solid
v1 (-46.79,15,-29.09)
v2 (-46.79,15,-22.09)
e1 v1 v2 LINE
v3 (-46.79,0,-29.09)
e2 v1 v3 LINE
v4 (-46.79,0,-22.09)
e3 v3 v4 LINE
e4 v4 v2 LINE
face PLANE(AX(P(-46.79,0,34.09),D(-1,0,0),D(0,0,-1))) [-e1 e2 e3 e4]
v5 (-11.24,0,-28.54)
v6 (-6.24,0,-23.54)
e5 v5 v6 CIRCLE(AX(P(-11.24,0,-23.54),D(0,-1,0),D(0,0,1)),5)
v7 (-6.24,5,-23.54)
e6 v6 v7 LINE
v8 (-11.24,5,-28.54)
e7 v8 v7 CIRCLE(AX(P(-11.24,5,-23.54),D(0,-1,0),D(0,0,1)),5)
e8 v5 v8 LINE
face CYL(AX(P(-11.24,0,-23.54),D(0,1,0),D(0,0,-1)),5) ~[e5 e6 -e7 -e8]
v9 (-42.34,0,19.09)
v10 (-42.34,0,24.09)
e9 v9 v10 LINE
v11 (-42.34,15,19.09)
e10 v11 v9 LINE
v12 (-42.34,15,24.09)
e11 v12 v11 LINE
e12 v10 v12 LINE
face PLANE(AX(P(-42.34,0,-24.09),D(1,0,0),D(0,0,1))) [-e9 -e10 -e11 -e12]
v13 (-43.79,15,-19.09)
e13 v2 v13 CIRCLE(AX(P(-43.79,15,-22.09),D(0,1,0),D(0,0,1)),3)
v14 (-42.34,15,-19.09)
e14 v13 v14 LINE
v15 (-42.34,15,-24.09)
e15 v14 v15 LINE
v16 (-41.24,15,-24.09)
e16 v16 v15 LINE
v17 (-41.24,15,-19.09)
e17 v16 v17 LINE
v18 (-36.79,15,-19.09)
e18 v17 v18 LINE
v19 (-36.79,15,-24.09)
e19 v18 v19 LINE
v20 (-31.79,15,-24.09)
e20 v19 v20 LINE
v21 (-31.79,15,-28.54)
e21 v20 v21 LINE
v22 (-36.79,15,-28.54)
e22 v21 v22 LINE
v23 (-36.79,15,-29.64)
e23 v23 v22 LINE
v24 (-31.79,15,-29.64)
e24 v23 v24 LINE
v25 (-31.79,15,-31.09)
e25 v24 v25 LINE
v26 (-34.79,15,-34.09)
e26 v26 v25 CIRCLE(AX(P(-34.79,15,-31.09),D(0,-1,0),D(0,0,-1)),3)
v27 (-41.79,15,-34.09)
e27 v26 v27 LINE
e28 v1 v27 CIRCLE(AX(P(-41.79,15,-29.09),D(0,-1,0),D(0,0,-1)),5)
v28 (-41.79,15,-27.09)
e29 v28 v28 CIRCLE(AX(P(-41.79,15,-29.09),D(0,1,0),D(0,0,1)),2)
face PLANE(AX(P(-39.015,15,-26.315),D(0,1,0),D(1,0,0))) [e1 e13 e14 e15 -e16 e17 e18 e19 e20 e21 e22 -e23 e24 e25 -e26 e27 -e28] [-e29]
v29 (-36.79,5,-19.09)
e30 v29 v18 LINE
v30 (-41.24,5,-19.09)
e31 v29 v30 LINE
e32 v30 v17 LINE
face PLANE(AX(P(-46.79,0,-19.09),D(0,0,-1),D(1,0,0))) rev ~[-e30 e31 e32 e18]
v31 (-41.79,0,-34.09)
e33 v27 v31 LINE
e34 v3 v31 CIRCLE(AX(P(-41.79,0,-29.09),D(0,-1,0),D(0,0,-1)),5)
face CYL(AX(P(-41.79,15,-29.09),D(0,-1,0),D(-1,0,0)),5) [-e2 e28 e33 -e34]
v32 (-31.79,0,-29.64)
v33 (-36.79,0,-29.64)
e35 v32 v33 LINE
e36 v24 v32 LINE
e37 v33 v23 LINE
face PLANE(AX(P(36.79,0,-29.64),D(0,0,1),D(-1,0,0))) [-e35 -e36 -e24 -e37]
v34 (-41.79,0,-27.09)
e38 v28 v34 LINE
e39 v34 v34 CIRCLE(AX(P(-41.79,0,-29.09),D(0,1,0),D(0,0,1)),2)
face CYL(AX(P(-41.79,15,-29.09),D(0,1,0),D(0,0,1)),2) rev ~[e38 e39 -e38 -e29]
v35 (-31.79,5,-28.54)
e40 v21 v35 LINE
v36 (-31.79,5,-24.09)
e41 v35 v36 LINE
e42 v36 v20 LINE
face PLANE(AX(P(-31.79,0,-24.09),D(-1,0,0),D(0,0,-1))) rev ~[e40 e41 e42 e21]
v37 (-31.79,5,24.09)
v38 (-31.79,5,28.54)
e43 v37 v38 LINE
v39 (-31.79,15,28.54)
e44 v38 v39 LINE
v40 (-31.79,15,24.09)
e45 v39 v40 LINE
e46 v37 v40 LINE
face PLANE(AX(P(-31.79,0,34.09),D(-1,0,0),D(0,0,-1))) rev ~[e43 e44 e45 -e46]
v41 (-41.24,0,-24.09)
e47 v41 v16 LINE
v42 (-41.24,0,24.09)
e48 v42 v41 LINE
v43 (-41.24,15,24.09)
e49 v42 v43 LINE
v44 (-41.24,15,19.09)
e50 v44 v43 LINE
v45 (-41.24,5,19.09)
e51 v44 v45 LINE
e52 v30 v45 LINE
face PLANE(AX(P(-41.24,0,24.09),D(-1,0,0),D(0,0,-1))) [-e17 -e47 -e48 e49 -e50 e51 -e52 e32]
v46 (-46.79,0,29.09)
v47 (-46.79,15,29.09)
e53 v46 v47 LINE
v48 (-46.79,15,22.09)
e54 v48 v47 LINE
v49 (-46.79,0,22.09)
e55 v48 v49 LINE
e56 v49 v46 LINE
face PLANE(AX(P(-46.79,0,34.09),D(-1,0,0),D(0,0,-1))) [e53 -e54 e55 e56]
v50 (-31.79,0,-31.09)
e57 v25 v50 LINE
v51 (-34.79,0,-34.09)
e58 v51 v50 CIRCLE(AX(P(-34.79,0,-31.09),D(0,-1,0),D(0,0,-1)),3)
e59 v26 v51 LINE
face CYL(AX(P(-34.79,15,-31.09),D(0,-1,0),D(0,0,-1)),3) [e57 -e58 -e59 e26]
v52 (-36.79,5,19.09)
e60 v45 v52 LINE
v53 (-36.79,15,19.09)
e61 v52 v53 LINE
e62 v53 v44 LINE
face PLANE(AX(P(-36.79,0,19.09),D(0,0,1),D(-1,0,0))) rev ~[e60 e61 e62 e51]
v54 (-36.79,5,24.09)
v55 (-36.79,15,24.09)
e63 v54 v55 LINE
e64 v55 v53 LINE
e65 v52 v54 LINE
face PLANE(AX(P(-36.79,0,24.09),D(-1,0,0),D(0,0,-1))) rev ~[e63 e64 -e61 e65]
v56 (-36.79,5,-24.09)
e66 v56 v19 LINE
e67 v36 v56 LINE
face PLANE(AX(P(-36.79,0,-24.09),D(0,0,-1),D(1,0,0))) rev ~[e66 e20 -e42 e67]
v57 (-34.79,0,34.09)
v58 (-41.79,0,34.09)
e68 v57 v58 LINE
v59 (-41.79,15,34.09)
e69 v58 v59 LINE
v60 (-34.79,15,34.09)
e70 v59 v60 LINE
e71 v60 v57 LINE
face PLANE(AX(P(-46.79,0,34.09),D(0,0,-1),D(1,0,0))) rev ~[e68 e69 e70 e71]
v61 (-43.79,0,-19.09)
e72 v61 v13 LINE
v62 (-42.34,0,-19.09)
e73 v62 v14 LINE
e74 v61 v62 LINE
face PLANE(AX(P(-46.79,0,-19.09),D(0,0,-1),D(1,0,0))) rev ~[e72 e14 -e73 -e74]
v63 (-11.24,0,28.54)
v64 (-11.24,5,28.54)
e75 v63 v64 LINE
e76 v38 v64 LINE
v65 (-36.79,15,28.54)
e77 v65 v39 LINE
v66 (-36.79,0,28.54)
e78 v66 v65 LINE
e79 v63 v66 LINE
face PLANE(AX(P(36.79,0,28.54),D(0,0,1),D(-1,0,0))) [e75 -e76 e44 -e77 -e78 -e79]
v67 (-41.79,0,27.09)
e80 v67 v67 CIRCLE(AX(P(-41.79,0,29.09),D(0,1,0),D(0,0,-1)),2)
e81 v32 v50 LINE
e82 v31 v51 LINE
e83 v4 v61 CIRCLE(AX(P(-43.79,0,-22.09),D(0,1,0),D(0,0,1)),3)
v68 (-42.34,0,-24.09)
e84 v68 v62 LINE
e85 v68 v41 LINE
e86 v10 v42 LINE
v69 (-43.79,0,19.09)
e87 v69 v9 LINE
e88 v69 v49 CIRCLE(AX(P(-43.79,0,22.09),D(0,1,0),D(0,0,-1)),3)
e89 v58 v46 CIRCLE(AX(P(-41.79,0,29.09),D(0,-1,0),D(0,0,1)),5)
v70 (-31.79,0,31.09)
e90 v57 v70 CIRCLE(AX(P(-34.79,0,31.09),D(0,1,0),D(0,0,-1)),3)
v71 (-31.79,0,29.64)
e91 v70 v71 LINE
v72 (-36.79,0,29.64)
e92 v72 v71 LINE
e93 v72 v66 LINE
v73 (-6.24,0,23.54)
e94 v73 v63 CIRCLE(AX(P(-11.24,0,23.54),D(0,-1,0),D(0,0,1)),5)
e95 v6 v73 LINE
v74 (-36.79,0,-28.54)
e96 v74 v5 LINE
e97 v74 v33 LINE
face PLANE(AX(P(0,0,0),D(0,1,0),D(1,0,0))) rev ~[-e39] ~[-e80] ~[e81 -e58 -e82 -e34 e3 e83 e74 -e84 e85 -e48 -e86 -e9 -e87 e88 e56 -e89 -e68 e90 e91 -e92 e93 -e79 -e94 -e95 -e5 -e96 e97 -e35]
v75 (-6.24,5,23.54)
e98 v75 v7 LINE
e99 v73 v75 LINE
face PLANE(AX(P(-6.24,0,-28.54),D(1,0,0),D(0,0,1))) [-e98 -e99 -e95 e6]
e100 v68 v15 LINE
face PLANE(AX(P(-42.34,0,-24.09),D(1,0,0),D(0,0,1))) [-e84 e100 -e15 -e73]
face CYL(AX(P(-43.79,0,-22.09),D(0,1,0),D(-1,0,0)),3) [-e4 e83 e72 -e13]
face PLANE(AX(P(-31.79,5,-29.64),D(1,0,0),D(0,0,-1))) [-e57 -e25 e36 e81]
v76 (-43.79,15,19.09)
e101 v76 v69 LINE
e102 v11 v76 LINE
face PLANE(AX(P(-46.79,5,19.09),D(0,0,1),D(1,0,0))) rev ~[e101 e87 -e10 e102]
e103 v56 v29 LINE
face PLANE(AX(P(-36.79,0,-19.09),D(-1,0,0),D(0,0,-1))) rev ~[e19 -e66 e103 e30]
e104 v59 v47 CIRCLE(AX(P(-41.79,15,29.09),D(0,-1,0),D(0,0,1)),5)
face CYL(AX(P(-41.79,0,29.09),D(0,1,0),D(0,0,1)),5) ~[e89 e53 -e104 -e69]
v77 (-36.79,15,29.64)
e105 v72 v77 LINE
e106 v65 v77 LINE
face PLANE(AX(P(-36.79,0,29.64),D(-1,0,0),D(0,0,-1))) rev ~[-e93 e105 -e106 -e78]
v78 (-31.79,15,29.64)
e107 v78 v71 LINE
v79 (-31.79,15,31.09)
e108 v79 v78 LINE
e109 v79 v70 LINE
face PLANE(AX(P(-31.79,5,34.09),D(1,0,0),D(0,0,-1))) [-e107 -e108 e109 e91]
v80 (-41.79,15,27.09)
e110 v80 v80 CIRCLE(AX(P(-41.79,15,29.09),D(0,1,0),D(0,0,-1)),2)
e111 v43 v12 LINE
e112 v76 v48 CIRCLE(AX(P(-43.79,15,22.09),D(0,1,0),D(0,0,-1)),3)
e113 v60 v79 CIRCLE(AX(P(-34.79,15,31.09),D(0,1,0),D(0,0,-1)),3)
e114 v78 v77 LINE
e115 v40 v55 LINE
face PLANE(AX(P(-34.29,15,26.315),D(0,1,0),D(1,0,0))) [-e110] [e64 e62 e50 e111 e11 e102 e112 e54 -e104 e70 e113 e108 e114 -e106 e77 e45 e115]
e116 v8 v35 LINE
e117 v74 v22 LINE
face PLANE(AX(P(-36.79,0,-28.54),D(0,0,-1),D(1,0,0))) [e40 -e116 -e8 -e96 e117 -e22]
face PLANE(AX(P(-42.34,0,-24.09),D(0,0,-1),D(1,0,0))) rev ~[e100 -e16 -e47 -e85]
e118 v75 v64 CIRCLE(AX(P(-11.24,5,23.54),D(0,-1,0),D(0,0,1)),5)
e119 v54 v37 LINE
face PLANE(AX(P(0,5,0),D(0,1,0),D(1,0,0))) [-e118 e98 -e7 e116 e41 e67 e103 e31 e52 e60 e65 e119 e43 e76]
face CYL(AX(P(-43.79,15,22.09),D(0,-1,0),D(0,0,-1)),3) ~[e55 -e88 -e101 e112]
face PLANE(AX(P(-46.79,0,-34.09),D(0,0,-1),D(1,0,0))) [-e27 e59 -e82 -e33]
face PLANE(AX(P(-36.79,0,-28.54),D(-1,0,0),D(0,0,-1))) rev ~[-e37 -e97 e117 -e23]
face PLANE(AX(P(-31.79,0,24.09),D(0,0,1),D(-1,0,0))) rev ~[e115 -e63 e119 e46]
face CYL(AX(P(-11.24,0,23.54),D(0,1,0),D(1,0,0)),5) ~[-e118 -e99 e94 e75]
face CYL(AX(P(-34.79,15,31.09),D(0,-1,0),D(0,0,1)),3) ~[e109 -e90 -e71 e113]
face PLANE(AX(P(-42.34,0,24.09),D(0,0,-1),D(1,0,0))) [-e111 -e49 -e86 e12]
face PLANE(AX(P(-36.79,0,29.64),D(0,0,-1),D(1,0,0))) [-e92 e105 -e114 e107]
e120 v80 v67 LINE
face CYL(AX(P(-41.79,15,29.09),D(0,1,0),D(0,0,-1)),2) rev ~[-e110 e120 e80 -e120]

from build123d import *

# Parameters (mm, degrees)
SKETCH2_W          = 93.58
SKETCH2_H          = 68.18
BASE_DEPTH         = 5
SKETCH2_7_W        = 4.45
SKETCH2_7_H        = 4.45
SKETCH2_7_H_2      = 5
SKETCH2_7_W_2      = 5
SKETCH2_7_H_3      = 1.1
SKETCH2_7_W_3      = 1.1
WALLS_DEPTH        = 15
SKETCH2_10_W       = 1.1
SKETCH2_10_H       = 5
SKETCH2_10_H_2     = 38.18
SKETCH2_10_W_2     = 5
SKETCH2_10_H_3     = 1.1
SKETCH2_10_W_3     = 63.58
ACRYLIC_CUT_DEPTH  = 60.803279174
SKETCH4_W          = 63.58
SKETCH4_H          = 4.45
SKETCH4_W_2        = 4.45
SKETCH4_H_2        = 38.18
CUT_EXTRUDE2_DEPTH = 5
SKETCH5_R          = 2.25
SCREW_HOLES_DEPTH  = 5
FILLET1_R          = 5
FILLET2_R          = 3
SKETCH8_R          = 2
CUT_EXTRUDE3_DEPTH = 15
SKETCH7_W          = 13.03
SKETCH7_H          = 57.08
SKETCH7_W_2        = 40
SKETCH7_H_2        = 68.18
TOP_CUT_DEPTH      = 60.803279174
FILLET4_R          = 5


with BuildPart() as part:
    # Sketch2 → Base (new body)
    with BuildSketch(Plane(origin=(0, 0, 0), x_dir=(1, 0, 0), z_dir=(0, 1, 0))):
        Rectangle(SKETCH2_W, SKETCH2_H)
    extrude(amount=BASE_DEPTH)

    # Sketch2<7> → Walls (add)
    with BuildSketch(Plane(origin=(0, 0, 0), x_dir=(1, 0, 0), z_dir=(0, 1, 0))):
        with Locations((-39.015, 26.315)):
            Rectangle(SKETCH2_7_W, SKETCH2_7_H)
        with Locations((-39.015, 21.59)):
            Rectangle(SKETCH2_7_W, SKETCH2_7_H_2)
        with Locations((-44.565, 21.59)):
            Rectangle(SKETCH2_7_W, SKETCH2_7_H_2)
        with Locations((-44.565, 26.315)):
            Rectangle(SKETCH2_7_W, SKETCH2_7_H)
        with Locations((-44.565, 31.865)):
            Rectangle(SKETCH2_7_W, SKETCH2_7_H)
        with Locations((-39.015, 31.865)):
            Rectangle(SKETCH2_7_W, SKETCH2_7_H)
        with Locations((-34.29, 31.865)):
            Rectangle(SKETCH2_7_W_2, SKETCH2_7_H)
        with Locations((-34.29, 26.315)):
            Rectangle(SKETCH2_7_W_2, SKETCH2_7_H)
        with Locations((-34.29, 29.09)):
            Rectangle(SKETCH2_7_W_2, SKETCH2_7_H_3)
        with Locations((-39.015, 29.09)):
            Rectangle(SKETCH2_7_W, SKETCH2_7_H_3)
        with Locations((-44.565, 29.09)):
            Rectangle(SKETCH2_7_W, SKETCH2_7_H_3)
        with Locations((-41.79, 31.865)):
            Rectangle(SKETCH2_7_W_3, SKETCH2_7_H)
        with Locations((-41.79, 26.315)):
            Rectangle(SKETCH2_7_W_3, SKETCH2_7_H)
        with Locations((-41.79, 29.09)):
            Rectangle(SKETCH2_7_W_3, SKETCH2_7_H_3)
        with Locations((-41.79, 21.59)):
            Rectangle(SKETCH2_7_W_3, SKETCH2_7_H_2)
        with Locations((-34.29, -26.315)):
            Rectangle(SKETCH2_7_W_2, SKETCH2_7_H)
        with Locations((-34.29, -31.865)):
            Rectangle(SKETCH2_7_W_2, SKETCH2_7_H)
        with Locations((-39.015, -31.865)):
            Rectangle(SKETCH2_7_W, SKETCH2_7_H)
        with Locations((-39.015, -26.315)):
            Rectangle(SKETCH2_7_W, SKETCH2_7_H)
        with Locations((-44.565, -26.315)):
            Rectangle(SKETCH2_7_W, SKETCH2_7_H)
        with Locations((-44.565, -31.865)):
            Rectangle(SKETCH2_7_W, SKETCH2_7_H)
        with Locations((-44.565, -29.09)):
            Rectangle(SKETCH2_7_W, SKETCH2_7_H_3)
        with Locations((-41.79, -31.865)):
            Rectangle(SKETCH2_7_W_3, SKETCH2_7_H)
        with Locations((-41.79, -29.09)):
            Rectangle(SKETCH2_7_W_3, SKETCH2_7_H_3)
        with Locations((-41.79, -26.315)):
            Rectangle(SKETCH2_7_W_3, SKETCH2_7_H)
        with Locations((-44.565, -21.59)):
            Rectangle(SKETCH2_7_W, SKETCH2_7_H_2)
        with Locations((-39.015, -21.59)):
            Rectangle(SKETCH2_7_W, SKETCH2_7_H_2)
        with Locations((-41.79, -21.59)):
            Rectangle(SKETCH2_7_W_3, SKETCH2_7_H_2)
        with Locations((-39.015, -29.09)):
            Rectangle(SKETCH2_7_W, SKETCH2_7_H_3)
        with Locations((-34.29, -29.09)):
            Rectangle(SKETCH2_7_W_2, SKETCH2_7_H_3)
        with Locations((39.015, -21.59)):
            Rectangle(SKETCH2_7_W, SKETCH2_7_H_2)
        with Locations((44.565, -21.59)):
            Rectangle(SKETCH2_7_W, SKETCH2_7_H_2)
        with Locations((44.565, -26.315)):
            Rectangle(SKETCH2_7_W, SKETCH2_7_H)
        with Locations((39.015, -26.315)):
            Rectangle(SKETCH2_7_W, SKETCH2_7_H)
        with Locations((34.29, -31.865)):
            Rectangle(SKETCH2_7_W_2, SKETCH2_7_H)
        with Locations((39.015, -31.865)):
            Rectangle(SKETCH2_7_W, SKETCH2_7_H)
        with Locations((44.565, -31.865)):
            Rectangle(SKETCH2_7_W, SKETCH2_7_H)
        with Locations((41.79, -31.865)):
            Rectangle(SKETCH2_7_W_3, SKETCH2_7_H)
        with Locations((44.565, -29.09)):
            Rectangle(SKETCH2_7_W, SKETCH2_7_H_3)
        with Locations((41.79, -26.315)):
            Rectangle(SKETCH2_7_W_3, SKETCH2_7_H)
        with Locations((41.79, -21.59)):
            Rectangle(SKETCH2_7_W_3, SKETCH2_7_H_2)
        with Locations((34.29, -26.315)):
            Rectangle(SKETCH2_7_W_2, SKETCH2_7_H)
        with Locations((34.29, -29.09)):
            Rectangle(SKETCH2_7_W_2, SKETCH2_7_H_3)
        with Locations((39.015, -29.09)):
            Rectangle(SKETCH2_7_W, SKETCH2_7_H_3)
        with Locations((41.79, -29.09)):
            Rectangle(SKETCH2_7_W_3, SKETCH2_7_H_3)
        with Locations((34.29, 26.315)):
            Rectangle(SKETCH2_7_W_2, SKETCH2_7_H)
        with Locations((34.29, 31.865)):
            Rectangle(SKETCH2_7_W_2, SKETCH2_7_H)
        with Locations((39.015, 31.865)):
            Rectangle(SKETCH2_7_W, SKETCH2_7_H)
        with Locations((39.015, 26.315)):
            Rectangle(SKETCH2_7_W, SKETCH2_7_H)
        with Locations((44.565, 26.315)):
            Rectangle(SKETCH2_7_W, SKETCH2_7_H)
        with Locations((44.565, 31.865)):
            Rectangle(SKETCH2_7_W, SKETCH2_7_H)
        with Locations((44.565, 21.59)):
            Rectangle(SKETCH2_7_W, SKETCH2_7_H_2)
        with Locations((39.015, 21.59)):
            Rectangle(SKETCH2_7_W, SKETCH2_7_H_2)
        with Locations((41.79, 21.59)):
            Rectangle(SKETCH2_7_W_3, SKETCH2_7_H_2)
        with Locations((41.79, 26.315)):
            Rectangle(SKETCH2_7_W_3, SKETCH2_7_H)
        with Locations((41.79, 31.865)):
            Rectangle(SKETCH2_7_W_3, SKETCH2_7_H)
        with Locations((44.565, 29.09)):
            Rectangle(SKETCH2_7_W, SKETCH2_7_H_3)
        with Locations((41.79, 29.09)):
            Rectangle(SKETCH2_7_W_3, SKETCH2_7_H_3)
        with Locations((39.015, 29.09)):
            Rectangle(SKETCH2_7_W, SKETCH2_7_H_3)
        with Locations((34.29, 29.09)):
            Rectangle(SKETCH2_7_W_2, SKETCH2_7_H_3)
    extrude(amount=WALLS_DEPTH)

    # Sketch2<10> → Acrylic Cut (cut, through all)
    with BuildSketch(Plane(origin=(0, 0, 0), x_dir=(1, 0, 0), z_dir=(0, 1, 0))):
        with Locations((41.79, -21.59)):
            Rectangle(SKETCH2_10_W, SKETCH2_10_H)
        with Locations((41.79, 0)):
            Rectangle(SKETCH2_10_W, SKETCH2_10_H_2)
        with Locations((34.29, -29.09)):
            Rectangle(SKETCH2_10_W_2, SKETCH2_10_H_3)
        with Locations((0, -29.09)):
            Rectangle(SKETCH2_10_W_3, SKETCH2_10_H_3)
        with Locations((41.79, 21.59)):
            Rectangle(SKETCH2_10_W, SKETCH2_10_H)
        with Locations((34.29, 29.09)):
            Rectangle(SKETCH2_10_W_2, SKETCH2_10_H_3)
        with Locations((0, 29.09)):
            Rectangle(SKETCH2_10_W_3, SKETCH2_10_H_3)
        with Locations((-34.29, 29.09)):
            Rectangle(SKETCH2_10_W_2, SKETCH2_10_H_3)
        with Locations((-41.79, 21.59)):
            Rectangle(SKETCH2_10_W, SKETCH2_10_H)
        with Locations((-41.79, 0)):
            Rectangle(SKETCH2_10_W, SKETCH2_10_H_2)
        with Locations((-41.79, -21.59)):
            Rectangle(SKETCH2_10_W, SKETCH2_10_H)
        with Locations((-34.29, -29.09)):
            Rectangle(SKETCH2_10_W_2, SKETCH2_10_H_3)
    extrude(amount=ACRYLIC_CUT_DEPTH, mode=Mode.SUBTRACT)

    # Sketch4 → Cut-Extrude2 (cut)
    with BuildSketch(Plane(origin=(0, 5, 0), x_dir=(1, 0, 0), z_dir=(0, 1, 0))):
        with Locations((0, -31.865)):
            Rectangle(SKETCH4_W, SKETCH4_H)
        with Locations((44.565, 0)):
            Rectangle(SKETCH4_W_2, SKETCH4_H_2)
        with Locations((0, 31.865)):
            Rectangle(SKETCH4_W, SKETCH4_H)
        with Locations((-44.565, 0)):
            Rectangle(SKETCH4_W_2, SKETCH4_H_2)
    extrude(amount=-CUT_EXTRUDE2_DEPTH, mode=Mode.SUBTRACT)

    # Sketch5 → Screw Holes (add)
    with BuildSketch(Plane(origin=(0, 5, 0), x_dir=(1, 0, 0), z_dir=(0, 1, 0))):
        with Locations(Location((36.79, -10.16, 0), (0, 0, 90))):
            Circle(SKETCH5_R)
        with Locations(Location((16.79, -10.16, 0), (0, 0, 90))):
            Circle(SKETCH5_R)
        with Locations(Location((26.79, 19.64, 0), (0, 0, 90))):
            Circle(SKETCH5_R)
    extrude(amount=SCREW_HOLES_DEPTH)

    # Fillet1
    fillet1_edges = [part.edges().sort_by_distance(p)[0] for p in [
        (-46.79, 7.5, 34.09),
        (46.79, 7.5, 34.09),
        (46.79, 7.5, -34.09),
        (-46.79, 7.5, -34.09),
    ]]
    fillet(fillet1_edges, radius=FILLET1_R)

    # Fillet2
    fillet2_edges = [part.edges().sort_by_distance(p)[0] for p in [
        (31.79, 7.5, -34.09),
        (46.79, 7.5, -19.09),
        (-46.79, 7.5, -19.09),
        (-31.79, 7.5, -34.09),
        (-46.79, 7.5, 19.09),
        (-31.79, 7.5, 34.09),
        (31.79, 7.5, 34.09),
        (46.79, 7.5, 19.09),
    ]]
    fillet(fillet2_edges, radius=FILLET2_R)

    # Sketch8 → Cut-Extrude3 (cut)
    with BuildSketch(Plane(origin=(0, 15, 0), x_dir=(1, 0, 0), z_dir=(0, 1, 0))):
        with Locations(Location((41.79, -29.09, 0), (0, 0, 270))):
            Circle(SKETCH8_R)
        with Locations(Location((-41.79, -29.09, 0), (0, 0, 90))):
            Circle(SKETCH8_R)
        with Locations(Location((-41.79, 29.09, 0), (0, 0, 270))):
            Circle(SKETCH8_R)
        with Locations(Location((41.79, 29.09, 0), (0, 0, 90))):
            Circle(SKETCH8_R)
    extrude(amount=-CUT_EXTRUDE3_DEPTH, mode=Mode.SUBTRACT)

    # Sketch7 → Top Cut (cut, through all)
    with BuildSketch(Plane.XZ):
        with Locations((0.275, 0)):
            Rectangle(SKETCH7_W, SKETCH7_H)
        with Locations((26.79, 0)):
            Rectangle(SKETCH7_W_2, SKETCH7_H_2)
    extrude(amount=-TOP_CUT_DEPTH, mode=Mode.SUBTRACT)

    # Fillet4
    fillet4_edges = [part.edges().sort_by_distance(p)[0] for p in [
        (-6.24, 2.5, 28.54),
        (-6.24, 2.5, -28.54),
    ]]
    fillet(fillet4_edges, radius=FILLET4_R)


solid = part.part
